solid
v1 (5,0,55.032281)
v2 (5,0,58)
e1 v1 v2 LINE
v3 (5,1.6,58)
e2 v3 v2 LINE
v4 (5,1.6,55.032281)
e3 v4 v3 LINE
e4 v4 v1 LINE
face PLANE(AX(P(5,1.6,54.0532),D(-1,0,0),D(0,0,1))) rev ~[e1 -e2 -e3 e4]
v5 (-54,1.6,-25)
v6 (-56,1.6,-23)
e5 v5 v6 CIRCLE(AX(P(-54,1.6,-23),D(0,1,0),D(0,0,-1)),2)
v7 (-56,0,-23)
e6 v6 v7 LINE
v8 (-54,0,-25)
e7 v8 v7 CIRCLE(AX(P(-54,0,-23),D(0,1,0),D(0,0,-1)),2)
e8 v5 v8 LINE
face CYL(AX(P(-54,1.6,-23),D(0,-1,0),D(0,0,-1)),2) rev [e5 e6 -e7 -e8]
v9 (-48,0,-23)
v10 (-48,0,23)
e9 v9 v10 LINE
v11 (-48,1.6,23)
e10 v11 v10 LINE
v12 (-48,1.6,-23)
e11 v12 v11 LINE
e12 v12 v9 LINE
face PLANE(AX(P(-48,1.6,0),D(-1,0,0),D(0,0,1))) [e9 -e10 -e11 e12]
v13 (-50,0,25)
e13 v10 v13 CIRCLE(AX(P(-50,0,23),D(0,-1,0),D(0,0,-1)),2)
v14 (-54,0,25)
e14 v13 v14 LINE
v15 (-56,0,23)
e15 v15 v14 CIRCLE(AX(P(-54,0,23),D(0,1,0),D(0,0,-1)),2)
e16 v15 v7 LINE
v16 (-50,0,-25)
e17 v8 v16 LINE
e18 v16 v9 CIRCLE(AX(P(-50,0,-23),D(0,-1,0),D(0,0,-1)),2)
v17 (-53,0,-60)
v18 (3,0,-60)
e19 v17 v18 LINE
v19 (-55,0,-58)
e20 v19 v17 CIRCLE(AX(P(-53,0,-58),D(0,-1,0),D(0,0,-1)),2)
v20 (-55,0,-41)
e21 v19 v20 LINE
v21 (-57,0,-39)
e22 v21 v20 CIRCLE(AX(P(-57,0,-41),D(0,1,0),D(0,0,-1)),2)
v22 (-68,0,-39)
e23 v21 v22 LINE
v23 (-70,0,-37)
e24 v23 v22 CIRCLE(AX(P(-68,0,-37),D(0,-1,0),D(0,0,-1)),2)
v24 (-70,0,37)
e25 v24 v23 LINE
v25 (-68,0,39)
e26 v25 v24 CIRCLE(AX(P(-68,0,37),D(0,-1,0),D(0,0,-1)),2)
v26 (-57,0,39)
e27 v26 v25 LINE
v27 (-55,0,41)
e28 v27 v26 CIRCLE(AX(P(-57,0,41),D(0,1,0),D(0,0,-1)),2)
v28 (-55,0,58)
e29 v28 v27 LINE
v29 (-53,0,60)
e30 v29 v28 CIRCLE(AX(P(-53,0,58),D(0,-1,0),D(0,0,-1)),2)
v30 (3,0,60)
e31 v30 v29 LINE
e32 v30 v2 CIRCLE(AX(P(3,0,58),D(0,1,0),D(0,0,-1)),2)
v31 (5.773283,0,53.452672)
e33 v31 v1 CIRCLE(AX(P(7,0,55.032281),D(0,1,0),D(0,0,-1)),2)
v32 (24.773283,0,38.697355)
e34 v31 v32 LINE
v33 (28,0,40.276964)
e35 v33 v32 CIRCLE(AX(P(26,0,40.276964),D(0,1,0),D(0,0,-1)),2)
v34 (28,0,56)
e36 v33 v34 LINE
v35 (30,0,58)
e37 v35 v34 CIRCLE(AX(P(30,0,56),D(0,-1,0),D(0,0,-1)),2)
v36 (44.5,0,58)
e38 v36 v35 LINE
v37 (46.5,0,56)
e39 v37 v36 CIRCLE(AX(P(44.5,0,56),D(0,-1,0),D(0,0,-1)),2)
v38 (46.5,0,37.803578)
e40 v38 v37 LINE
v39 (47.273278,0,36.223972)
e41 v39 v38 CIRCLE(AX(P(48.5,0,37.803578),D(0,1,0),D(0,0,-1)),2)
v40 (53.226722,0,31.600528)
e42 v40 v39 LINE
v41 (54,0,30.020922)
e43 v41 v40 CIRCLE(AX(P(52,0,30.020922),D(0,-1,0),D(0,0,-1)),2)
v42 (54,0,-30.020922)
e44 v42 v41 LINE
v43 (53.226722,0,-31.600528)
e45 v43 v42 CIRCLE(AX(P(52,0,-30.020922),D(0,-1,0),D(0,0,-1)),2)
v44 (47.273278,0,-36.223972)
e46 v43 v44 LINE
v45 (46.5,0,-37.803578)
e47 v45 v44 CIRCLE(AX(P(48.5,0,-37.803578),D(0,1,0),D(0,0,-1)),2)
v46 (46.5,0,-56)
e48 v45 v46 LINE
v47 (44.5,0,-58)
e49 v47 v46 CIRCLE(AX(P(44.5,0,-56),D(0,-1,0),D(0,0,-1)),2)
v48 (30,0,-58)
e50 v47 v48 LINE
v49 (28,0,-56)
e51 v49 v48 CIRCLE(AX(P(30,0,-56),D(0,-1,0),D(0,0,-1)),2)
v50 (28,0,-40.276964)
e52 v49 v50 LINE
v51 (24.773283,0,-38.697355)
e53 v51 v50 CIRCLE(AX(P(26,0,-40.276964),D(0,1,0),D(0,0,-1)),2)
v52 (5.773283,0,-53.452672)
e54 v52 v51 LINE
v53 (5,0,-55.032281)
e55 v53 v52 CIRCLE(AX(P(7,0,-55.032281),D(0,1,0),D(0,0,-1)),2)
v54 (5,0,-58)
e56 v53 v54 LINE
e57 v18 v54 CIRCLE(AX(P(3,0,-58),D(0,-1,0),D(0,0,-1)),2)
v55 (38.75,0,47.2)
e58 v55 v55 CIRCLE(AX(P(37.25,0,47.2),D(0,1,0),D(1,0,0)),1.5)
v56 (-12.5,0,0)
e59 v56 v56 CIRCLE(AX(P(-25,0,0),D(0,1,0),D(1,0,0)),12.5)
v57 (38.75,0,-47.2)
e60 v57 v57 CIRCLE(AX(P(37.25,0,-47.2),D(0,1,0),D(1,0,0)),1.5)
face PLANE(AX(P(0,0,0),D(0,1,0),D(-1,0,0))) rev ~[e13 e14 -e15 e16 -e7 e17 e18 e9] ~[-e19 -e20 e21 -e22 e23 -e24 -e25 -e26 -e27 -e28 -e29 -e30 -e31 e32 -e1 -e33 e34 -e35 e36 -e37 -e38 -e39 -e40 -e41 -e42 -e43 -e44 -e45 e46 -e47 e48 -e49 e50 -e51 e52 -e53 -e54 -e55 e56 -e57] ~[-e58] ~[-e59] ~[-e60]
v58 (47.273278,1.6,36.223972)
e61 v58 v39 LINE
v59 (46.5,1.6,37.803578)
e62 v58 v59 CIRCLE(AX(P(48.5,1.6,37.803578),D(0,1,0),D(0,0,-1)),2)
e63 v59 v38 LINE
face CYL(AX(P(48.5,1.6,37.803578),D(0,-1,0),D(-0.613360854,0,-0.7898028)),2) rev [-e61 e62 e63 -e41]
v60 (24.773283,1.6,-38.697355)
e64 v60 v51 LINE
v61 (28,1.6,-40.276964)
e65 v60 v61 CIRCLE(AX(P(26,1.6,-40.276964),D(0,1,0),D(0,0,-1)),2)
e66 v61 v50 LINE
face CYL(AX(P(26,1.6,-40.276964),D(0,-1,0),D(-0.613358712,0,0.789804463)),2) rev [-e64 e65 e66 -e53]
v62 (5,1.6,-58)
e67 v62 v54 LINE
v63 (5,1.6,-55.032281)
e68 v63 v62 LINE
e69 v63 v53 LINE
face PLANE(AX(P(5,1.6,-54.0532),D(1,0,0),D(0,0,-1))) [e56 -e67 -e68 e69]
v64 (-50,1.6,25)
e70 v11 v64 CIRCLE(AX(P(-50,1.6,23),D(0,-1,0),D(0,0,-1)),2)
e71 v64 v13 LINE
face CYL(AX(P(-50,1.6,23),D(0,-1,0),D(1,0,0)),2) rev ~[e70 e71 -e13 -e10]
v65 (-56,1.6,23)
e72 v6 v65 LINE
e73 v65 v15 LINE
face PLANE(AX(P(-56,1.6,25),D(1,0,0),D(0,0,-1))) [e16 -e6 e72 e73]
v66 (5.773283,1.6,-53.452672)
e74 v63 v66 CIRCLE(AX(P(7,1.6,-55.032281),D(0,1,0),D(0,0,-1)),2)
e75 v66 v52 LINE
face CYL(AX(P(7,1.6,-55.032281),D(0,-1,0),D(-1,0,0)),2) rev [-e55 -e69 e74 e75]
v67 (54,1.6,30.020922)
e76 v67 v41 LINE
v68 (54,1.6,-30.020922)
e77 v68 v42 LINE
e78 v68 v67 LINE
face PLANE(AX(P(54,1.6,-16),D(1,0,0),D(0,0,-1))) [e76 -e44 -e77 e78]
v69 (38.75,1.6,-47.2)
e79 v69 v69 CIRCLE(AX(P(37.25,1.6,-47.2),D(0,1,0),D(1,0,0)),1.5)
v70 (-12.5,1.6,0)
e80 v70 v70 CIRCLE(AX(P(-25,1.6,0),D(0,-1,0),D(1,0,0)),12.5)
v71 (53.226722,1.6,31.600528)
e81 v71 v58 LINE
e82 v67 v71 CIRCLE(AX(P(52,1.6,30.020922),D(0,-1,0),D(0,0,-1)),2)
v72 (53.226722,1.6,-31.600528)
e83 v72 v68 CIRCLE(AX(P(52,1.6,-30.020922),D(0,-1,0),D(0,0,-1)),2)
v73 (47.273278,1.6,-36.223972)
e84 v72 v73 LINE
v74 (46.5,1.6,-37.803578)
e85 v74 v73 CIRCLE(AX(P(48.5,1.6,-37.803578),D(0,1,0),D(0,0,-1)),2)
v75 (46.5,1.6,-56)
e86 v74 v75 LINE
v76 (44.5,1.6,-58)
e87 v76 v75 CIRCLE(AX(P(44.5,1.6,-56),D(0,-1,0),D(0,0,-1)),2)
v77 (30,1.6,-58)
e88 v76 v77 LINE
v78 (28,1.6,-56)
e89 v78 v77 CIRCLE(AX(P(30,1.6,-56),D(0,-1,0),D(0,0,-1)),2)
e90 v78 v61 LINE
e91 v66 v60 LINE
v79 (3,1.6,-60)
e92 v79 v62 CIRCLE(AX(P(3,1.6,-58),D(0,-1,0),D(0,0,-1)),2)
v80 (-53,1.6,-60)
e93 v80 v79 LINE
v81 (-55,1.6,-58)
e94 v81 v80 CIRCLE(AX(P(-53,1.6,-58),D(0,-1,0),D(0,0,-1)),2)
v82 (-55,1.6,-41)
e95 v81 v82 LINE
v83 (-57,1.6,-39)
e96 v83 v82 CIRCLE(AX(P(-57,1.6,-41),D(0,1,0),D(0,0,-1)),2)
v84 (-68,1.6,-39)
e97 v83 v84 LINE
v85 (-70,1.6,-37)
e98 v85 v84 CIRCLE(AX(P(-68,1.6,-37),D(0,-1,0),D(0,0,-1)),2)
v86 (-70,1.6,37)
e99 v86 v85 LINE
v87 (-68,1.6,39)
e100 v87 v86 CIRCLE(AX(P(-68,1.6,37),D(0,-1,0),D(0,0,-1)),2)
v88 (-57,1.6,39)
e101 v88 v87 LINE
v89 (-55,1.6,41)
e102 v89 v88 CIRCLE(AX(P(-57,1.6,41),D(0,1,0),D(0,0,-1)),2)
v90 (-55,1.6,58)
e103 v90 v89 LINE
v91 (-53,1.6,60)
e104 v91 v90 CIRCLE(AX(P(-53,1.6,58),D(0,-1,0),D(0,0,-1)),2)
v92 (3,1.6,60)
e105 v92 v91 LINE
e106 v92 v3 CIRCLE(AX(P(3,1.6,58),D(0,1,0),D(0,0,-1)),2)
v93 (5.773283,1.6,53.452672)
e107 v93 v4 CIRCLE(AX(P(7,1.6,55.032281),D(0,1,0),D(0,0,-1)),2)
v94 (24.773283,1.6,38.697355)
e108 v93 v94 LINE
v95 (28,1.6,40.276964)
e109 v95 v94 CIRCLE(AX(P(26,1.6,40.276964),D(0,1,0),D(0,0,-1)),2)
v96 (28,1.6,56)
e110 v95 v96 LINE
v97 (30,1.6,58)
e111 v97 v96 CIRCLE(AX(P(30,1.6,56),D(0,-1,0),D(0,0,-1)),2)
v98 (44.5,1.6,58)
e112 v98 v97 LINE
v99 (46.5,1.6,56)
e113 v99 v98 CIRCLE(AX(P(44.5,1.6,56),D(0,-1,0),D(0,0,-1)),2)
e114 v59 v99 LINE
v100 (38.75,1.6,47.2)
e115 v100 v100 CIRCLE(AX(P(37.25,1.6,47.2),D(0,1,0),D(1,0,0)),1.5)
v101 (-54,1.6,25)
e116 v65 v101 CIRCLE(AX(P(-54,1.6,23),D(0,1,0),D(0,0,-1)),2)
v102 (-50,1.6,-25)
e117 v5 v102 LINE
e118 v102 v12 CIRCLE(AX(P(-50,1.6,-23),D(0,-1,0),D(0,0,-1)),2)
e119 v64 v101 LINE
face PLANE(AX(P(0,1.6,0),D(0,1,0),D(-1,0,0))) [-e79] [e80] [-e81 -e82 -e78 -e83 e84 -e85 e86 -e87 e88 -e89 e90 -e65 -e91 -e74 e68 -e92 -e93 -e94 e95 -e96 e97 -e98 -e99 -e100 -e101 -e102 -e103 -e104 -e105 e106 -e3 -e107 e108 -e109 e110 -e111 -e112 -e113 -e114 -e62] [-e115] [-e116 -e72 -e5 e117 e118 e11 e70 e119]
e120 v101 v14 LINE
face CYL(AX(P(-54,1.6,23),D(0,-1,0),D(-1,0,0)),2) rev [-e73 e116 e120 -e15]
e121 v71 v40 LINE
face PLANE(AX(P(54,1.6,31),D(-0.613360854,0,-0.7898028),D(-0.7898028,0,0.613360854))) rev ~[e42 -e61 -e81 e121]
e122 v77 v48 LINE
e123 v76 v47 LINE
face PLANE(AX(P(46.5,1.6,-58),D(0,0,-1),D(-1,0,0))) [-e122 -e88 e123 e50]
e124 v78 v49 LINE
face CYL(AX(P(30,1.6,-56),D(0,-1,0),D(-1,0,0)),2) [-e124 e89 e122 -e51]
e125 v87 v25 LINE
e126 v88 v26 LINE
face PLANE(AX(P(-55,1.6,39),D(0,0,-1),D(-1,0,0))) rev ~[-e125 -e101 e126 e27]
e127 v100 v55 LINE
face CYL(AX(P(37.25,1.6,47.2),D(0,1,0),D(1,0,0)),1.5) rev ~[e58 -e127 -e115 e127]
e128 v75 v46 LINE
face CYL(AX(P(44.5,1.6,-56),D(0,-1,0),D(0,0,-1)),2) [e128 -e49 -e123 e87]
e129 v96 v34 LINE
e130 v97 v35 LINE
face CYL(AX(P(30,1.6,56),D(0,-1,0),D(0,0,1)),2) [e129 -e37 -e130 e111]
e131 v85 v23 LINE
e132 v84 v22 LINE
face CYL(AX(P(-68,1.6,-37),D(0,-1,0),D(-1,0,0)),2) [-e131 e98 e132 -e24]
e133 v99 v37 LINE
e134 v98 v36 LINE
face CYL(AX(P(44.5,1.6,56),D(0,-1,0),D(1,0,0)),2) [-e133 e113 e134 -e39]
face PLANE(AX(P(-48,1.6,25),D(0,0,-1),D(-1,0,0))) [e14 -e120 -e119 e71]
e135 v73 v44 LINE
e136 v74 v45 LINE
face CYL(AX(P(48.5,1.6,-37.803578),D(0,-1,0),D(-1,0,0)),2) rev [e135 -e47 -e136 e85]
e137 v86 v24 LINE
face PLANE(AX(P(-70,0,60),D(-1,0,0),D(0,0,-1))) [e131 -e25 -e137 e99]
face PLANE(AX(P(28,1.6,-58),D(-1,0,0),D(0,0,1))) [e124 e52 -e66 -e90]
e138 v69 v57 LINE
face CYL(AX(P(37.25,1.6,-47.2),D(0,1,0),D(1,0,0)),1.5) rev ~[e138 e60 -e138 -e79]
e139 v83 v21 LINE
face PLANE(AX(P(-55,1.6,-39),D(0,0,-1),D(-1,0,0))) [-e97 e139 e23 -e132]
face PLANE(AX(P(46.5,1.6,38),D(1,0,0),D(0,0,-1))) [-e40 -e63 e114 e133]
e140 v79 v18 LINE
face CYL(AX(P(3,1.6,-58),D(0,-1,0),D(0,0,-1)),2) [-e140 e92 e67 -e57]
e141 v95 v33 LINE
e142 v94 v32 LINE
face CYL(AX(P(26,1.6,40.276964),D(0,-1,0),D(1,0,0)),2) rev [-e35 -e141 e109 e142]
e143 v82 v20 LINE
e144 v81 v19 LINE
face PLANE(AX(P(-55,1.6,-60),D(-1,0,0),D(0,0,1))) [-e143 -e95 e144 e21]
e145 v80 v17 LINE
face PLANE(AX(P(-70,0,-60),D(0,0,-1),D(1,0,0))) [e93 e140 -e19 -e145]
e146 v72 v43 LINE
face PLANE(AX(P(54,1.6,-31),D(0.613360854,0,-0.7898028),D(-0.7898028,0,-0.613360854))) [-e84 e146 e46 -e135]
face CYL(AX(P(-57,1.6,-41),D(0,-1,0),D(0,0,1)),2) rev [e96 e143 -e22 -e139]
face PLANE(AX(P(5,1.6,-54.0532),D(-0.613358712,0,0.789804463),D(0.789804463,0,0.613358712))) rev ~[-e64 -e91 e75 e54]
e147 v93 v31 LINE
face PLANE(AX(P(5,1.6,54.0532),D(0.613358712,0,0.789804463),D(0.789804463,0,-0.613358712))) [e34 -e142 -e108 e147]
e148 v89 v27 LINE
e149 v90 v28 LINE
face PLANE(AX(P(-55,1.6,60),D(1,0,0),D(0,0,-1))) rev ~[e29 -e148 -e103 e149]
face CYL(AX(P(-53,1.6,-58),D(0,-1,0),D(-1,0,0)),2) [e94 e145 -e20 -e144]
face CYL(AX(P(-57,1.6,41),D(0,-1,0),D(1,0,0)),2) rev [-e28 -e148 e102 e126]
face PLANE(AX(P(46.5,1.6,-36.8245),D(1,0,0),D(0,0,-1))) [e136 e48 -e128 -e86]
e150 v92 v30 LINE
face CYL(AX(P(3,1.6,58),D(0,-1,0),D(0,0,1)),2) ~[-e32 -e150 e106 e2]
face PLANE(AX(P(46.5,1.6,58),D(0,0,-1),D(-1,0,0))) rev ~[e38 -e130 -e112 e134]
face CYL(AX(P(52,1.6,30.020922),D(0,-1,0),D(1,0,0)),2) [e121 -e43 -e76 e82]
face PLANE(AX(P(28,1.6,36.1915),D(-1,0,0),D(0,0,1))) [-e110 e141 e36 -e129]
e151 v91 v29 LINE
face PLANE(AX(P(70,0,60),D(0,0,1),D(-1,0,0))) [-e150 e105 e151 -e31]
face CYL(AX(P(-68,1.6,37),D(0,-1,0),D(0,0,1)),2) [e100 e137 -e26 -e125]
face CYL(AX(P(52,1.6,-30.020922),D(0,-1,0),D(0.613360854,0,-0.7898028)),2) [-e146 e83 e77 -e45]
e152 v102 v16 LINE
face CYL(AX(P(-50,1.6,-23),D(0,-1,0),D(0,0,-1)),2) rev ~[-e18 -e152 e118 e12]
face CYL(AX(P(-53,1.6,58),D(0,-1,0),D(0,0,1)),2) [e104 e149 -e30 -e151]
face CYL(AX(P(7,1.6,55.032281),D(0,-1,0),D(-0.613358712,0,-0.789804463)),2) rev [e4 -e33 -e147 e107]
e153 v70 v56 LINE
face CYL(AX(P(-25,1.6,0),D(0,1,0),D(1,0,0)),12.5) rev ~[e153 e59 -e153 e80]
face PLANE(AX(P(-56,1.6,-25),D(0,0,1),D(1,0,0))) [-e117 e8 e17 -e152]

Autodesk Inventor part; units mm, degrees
ref_plane "YZ Plane" through (0, 0, 0) normal (1, 0, 0) x (0, 1, 0)
ref_plane "XZ Plane" through (0, 0, 0) normal (0, 1, 0) x (-1, 0, 0)
ref_plane "XY Plane" through (0, 0, 0) normal (0, 0, 1) x (1, 0, 0)
sketch "Esboço1" plane through (0, 0, 0) normal (0, 1, 0) x (-1, 0, 0)
  line L0 (-70, 60) -> (70, 60)
  line L1 (70, 60) -> (70, -60)
  line L2 (70, -60) -> (-70, -60)
  line L3 (-70, -60) -> (-70, 60)
  line L4 (-70, 60) -> (70, -60) construction
  line L5 (70, 60) -> (-70, -60) construction
  point P0 (0, 0)
  dimension "d0" = 140
  dimension "d1" = 120
extrude "Extrusão1" add sketch "Esboço1" along normal blind 1.6
sketch "Esboço2" plane through (0, 1.6, 0) normal (0, 1, 0) x (1, 0, 0)
  line L0 (-94.6357, 0) -> (83.6022, 0)
  line L1 (-70, -37) -> (-52, -37)
  line L2 (-52, 37) -> (-70, 37)
  line L3 (-70, 37) -> (-70, -37)
  line L4 (-70, -37) -> (-52, 37) construction
  line L5 (-52, -37) -> (-70, 37) construction
  line L6 (-70, 60) -> (-70, -60) projected
  line L7 (-70, 0) -> (-70, 0)
  line L8 (-70, 0) -> (-25, 0)
  circle A0 centre (-25, 0) radius 12.5
  line L9 (-70, -60) -> (70, -60) projected
  line L10 (-20, -60) -> (-50, -60)
  line L11 (-20, -60) -> (10, -60)
  line L12 (70, 60) -> (-70, 60) projected
  line L13 (-55, -60) -> (5, -60)
  line L14 (5, -60) -> (5, -45)
  line L15 (-55, -45) -> (-55, -60)
  line L16 (-52, 0) -> (-70, 0)
  line L17 (-56, 25) -> (-48, 25)
  line L18 (-48, 25) -> (-48, -25)
  line L19 (-48, -25) -> (-56, -25)
  line L20 (-56, -25) -> (-56, 25)
  line L21 (-56, 25) -> (-48, -25) construction
  line L22 (-48, 25) -> (-56, -25) construction
  line L23 (-55, 60) -> (5, 60)
  line L24 (5, 60) -> (5, 45)
  line L25 (-55, 45) -> (-55, 60)
  line L26 (-25, 76.0053) -> (-25, -77.5323)
  line L27 (-35, -45) -> (-35, -37)
  line L28 (-35, -37) -> (-15, -37)
  line L29 (-15, -37) -> (-15, -45)
  line L30 (5, -45) -> (-15, -45)
  line L31 (-35, -45) -> (-55, -45)
  line L32 (-35, 45) -> (-35, 37)
  line L33 (-35, 37) -> (-15, 37)
  line L34 (-15, 37) -> (-15, 45)
  line L35 (5, 45) -> (-15, 45)
  line L36 (-35, 45) -> (-55, 45)
  line L37 (-55, -60) -> (5, -45) construction
  line L38 (5, -60) -> (-55, -45) construction
  line L39 (-35, 45) -> (-15, 37) construction
  line L40 (-15, 45) -> (-35, 37) construction
  point P0 (0, 0)
  point P1 (-61, 0)
  point P2 (-25, 41)
  dimension "d4" = 18
  dimension "d5" = 74
  dimension "d6" = 0
  dimension "d7" = 45
  dimension "d8" = 25
  dimension "d28" = 15
  dimension "d30" = 18
  dimension "d31" = 8
  dimension "d32" = 50
  dimension "d35" = 15
  dimension "d36" = 20
  dimension "d38" = 8
  dimension "d40" = 20
  dimension "d41" = 8
  dimension "d42" = 60
  dimension "d43" = 60
extrude "Extrusão4" cut sketch "Esboço2" against normal through all contours L26 A0 L0 | L26 A0 L0 | L0 A0 L26 | L0 A0 L26 | L18 L19 L20 L0 | L0 L20 L17 L18
sketch "Esboço3" plane through (0, 1.6, 0) normal (0, 1, 0) x (1, 0, 0)
  line L0 (44.5, -40) -> (30, -40) construction
  line L1 (30, -40) -> (30, -72.5) construction
  line L2 (30, -72.5) -> (44.5, -72.5) construction
  line L3 (44.5, -72.5) -> (44.5, -40) construction
  line L4 (30, 40) -> (44.5, 40) construction
  line L5 (44.5, 40) -> (44.5, 72.5) construction
  line L6 (44.5, 72.5) -> (30, 72.5) construction
  line L7 (30, 72.5) -> (30, 40) construction
  line L8 (37.25, -40) -> (37.25, -47.2) construction
  circle A0 centre (37.25, -47.2) radius 1.5
  line L9 (37.25, 40) -> (37.25, 47.2) construction
  circle A1 centre (37.25, 47.2) radius 1.5
  line L10 (-70, 60) -> (-70, -60) projected
  line L11 (52, 14) -> (49.5, 14) construction
  line L12 (49.5, 14) -> (49.5, -14) construction
  line L13 (49.5, -14) -> (52, -14) construction
  line L14 (52, -14) -> (52, 14) construction
  line L15 (52, 14) -> (49.5, -14) construction
  line L16 (49.5, 14) -> (52, -14) construction
  line L17 (54, 16) -> (47.5, 16)
  line L18 (47.5, 16) -> (47.5, -16) construction
  line L19 (47.5, -16) -> (54, -16) construction
  line L20 (54, -16) -> (54, 16)
  line L21 (70, -60) -> (70, 60) projected
  line L22 (5, -54.0532) -> (28, -36.1915)
  line L23 (28, -36.1915) -> (28, -58)
  line L24 (44.5, -69.5) -> (44.5446, -69.5)
  line L25 (46.5, -58) -> (46.5, -38)
  line L26 (46.5, -38) -> (46.5, -36.8245)
  line L27 (46.5, -58) -> (28, -58)
  line L28 (-70, -60) -> (70, -60) projected
  line L29 (7, -60) -> (5, -60)
  line L30 (70, 60) -> (-70, 60) projected
  line L31 (70, 60) -> (7, 60)
  line L32 (5, 54.0532) -> (28, 36.1915)
  line L33 (28, 58) -> (28, 36.1915)
  line L34 (44.5446, 69.5) -> (44.5, 69.5)
  line L35 (46.5, 58) -> (28, 58)
  line L36 (46.5, 36.8245) -> (46.5, 58)
  line L37 (5, 54.0532) -> (5, 60)
  line L38 (5, -54.0532) -> (5, -60)
  line L39 (54, -16) -> (54, -31)
  line L40 (54, -31) -> (46.5, -36.8245)
  line L41 (54, 16) -> (54, 31)
  line L42 (54, 31) -> (46.5, 36.8245)
  point P0 (0, 0)
  dimension "d59" = 14.5
  dimension "d60" = 32.5
  dimension "d63" = 32.5
  dimension "d64" = 14.5
  dimension "d76" = 7.2
  dimension "d77" = 3
  dimension "d78" = 7.2
  dimension "d79" = 3
  dimension "d97" = 2.5
  dimension "d98" = 28
  dimension "d99" = 2
  dimension "d103" = 2
  dimension "d104" = 2
  dimension "d105" = 63
  dimension "d107" = 2
  dimension "d132" = 15
  dimension "d133" = 15
sketch "Esboço4" plane through (0, 1.6, 0) normal (0, 1, 0) x (1, 0, 0)
  line L0 (-70, 60) -> (-70, -60) projected
  line L1 (-70, 0) -> (-70, -100)
  line L2 (-70, -100) -> (180, -100)
  line L3 (180, -100) -> (180, 100)
  line L4 (180, 100) -> (-70, 100)
  line L5 (-70, 100) -> (-70, -100)
  line L6 (250, 0) -> (-150, 0)
  line L7 (-430, 10) -> (570, 10)
  line L8 (570, 10) -> (570, -10)
  line L9 (570, -10) -> (-430, -10)
  line L10 (-430, -10) -> (-430, 10)
  line L11 (70, -60) -> (70, 60) projected
  line L12 (-430, 10) -> (570, -10) construction
  line L13 (570, 10) -> (-430, -10) construction
  line L14 (27.5, -90) -> (47.5, -90)
  line L15 (47.5, -90) -> (47.5, -50)
  line L16 (47.5, -50) -> (27.5, -50)
  line L17 (27.5, -50) -> (27.5, -90)
  line L18 (27.5, -90) -> (47.5, -50) construction
  line L19 (47.5, -90) -> (27.5, -50) construction
  line L20 (70, 60) -> (-70, 60) projected
  line L21 (47.5, 90) -> (27.5, 90)
  line L22 (27.5, 90) -> (27.5, 50)
  line L23 (27.5, 50) -> (47.5, 50)
  line L24 (47.5, 50) -> (47.5, 90)
  line L25 (47.5, 90) -> (27.5, 50) construction
  line L26 (27.5, 90) -> (47.5, 50) construction
  line L27 (0, -100) -> (0, 100) construction
  point P0 (0, 0)
  point P1 (70, 0)
  point P2 (37.5, -70)
  point P3 (37.5, 70)
  dimension "d53" = 100
  dimension "d54" = 250
  dimension "d55" = 200
  dimension "d65" = 1000
  dimension "d66" = 20
  dimension "d68" = 20
  dimension "d69" = 40
  dimension "d70" = 20
  dimension "d71" = 40
  dimension "d72" = 40
  dimension "d73" = 40
  dimension "d80" = 37.5
  dimension "d81" = 37.5
extrude "Extrusão5" cut sketch "Esboço3" against normal through all contours A0 | A1
sketch "Esboço5" plane through (0, 1.6, 0) normal (0, 1, 0) x (1, 0, 0)
  line L0 (70, 60) -> (-70, 60) projected
  line L1 (-70, 60) -> (-55, 60)
  line L2 (-55, 60) -> (-55, 39)
  line L3 (-55, 39) -> (-70, 39)
  line L4 (-70, 39) -> (-70, 60)
  line L5 (-70, -60) -> (70, -60) projected
  line L6 (-70, -60) -> (-55, -60)
  line L7 (-55, -60) -> (-55, -39)
  line L8 (-55, -39) -> (-70, -39)
  line L9 (-70, -39) -> (-70, -60)
  line L10 (-70, 60) -> (-70, -60) projected
  line L11 (-55, 39) -> (-70, 39)
  line L12 (-70, 39) -> (-70, 60)
  line L13 (-70, 60) -> (-55, 60)
  line L14 (-55, 60) -> (-55, 39)
  line L15 (-55, -39) -> (-70, -39)
  line L16 (-70, -39) -> (-70, -60)
  line L17 (-70, -60) -> (-55, -60)
  line L18 (-55, -60) -> (-55, -39)
  point P0 (0, 0)
  dimension "d84" = 15
  dimension "d85" = 21
  dimension "d86" = 15
  dimension "d87" = 21
extrude "Extrusão6" cut sketch "Esboço5" against normal through all
fillet "Arredondamento1" radius 2 10 edges at (-70, 0.8, 39) (-55, 0.8, 39) (-55, 0.8, 60) (-56, 0.8, 25) (-48, 0.8, 25) (-56, 0.8, -25) (-48, 0.8, -25) (-70, 0.8, -39) (-55, 0.8, -39) (-55, 0.8, -60)
sketch "Esboço7" plane through (0, 1.6, 0) normal (0, 1, 0) x (1, 0, 0)
  line L0 (-3.4695, -17.196) -> (-3.4695, -2.1961) construction
  line L1 (-3.4695, -2.1961) -> (11.6526, -2.1961) construction
  line L2 (11.6526, -2.1961) -> (11.6526, -17.196) construction
  line L3 (11.6526, -17.196) -> (-3.4695, -17.196) construction
  point P0 (0, 0)
extrude "Extrusão10" cut sketch "Esboço3" against normal through all contours L30 L21 L28 L38 L22 L23 L27 L25 L26 L40 L39 L20 L41 L42 L36 L35 L33 L32 L37
fillet "Arredondamento4" radius 2 14 edges at (5, 0.8, 60) (5, 0.8, 54.0532) (28, 0.8, 36.1915) (28, 0.8, 58) (46.5, 0.8, 58) (46.5, 0.8, 36.8245) (54, 0.8, 31) (54, 0.8, -31) (46.5, 0.8, -36.8245) (46.5, 0.8, -58) (28, 0.8, -58) (28, 0.8, -36.1915) (5, 0.8, -54.0532) (5, 0.8, -60)
properties part number "PCB"
